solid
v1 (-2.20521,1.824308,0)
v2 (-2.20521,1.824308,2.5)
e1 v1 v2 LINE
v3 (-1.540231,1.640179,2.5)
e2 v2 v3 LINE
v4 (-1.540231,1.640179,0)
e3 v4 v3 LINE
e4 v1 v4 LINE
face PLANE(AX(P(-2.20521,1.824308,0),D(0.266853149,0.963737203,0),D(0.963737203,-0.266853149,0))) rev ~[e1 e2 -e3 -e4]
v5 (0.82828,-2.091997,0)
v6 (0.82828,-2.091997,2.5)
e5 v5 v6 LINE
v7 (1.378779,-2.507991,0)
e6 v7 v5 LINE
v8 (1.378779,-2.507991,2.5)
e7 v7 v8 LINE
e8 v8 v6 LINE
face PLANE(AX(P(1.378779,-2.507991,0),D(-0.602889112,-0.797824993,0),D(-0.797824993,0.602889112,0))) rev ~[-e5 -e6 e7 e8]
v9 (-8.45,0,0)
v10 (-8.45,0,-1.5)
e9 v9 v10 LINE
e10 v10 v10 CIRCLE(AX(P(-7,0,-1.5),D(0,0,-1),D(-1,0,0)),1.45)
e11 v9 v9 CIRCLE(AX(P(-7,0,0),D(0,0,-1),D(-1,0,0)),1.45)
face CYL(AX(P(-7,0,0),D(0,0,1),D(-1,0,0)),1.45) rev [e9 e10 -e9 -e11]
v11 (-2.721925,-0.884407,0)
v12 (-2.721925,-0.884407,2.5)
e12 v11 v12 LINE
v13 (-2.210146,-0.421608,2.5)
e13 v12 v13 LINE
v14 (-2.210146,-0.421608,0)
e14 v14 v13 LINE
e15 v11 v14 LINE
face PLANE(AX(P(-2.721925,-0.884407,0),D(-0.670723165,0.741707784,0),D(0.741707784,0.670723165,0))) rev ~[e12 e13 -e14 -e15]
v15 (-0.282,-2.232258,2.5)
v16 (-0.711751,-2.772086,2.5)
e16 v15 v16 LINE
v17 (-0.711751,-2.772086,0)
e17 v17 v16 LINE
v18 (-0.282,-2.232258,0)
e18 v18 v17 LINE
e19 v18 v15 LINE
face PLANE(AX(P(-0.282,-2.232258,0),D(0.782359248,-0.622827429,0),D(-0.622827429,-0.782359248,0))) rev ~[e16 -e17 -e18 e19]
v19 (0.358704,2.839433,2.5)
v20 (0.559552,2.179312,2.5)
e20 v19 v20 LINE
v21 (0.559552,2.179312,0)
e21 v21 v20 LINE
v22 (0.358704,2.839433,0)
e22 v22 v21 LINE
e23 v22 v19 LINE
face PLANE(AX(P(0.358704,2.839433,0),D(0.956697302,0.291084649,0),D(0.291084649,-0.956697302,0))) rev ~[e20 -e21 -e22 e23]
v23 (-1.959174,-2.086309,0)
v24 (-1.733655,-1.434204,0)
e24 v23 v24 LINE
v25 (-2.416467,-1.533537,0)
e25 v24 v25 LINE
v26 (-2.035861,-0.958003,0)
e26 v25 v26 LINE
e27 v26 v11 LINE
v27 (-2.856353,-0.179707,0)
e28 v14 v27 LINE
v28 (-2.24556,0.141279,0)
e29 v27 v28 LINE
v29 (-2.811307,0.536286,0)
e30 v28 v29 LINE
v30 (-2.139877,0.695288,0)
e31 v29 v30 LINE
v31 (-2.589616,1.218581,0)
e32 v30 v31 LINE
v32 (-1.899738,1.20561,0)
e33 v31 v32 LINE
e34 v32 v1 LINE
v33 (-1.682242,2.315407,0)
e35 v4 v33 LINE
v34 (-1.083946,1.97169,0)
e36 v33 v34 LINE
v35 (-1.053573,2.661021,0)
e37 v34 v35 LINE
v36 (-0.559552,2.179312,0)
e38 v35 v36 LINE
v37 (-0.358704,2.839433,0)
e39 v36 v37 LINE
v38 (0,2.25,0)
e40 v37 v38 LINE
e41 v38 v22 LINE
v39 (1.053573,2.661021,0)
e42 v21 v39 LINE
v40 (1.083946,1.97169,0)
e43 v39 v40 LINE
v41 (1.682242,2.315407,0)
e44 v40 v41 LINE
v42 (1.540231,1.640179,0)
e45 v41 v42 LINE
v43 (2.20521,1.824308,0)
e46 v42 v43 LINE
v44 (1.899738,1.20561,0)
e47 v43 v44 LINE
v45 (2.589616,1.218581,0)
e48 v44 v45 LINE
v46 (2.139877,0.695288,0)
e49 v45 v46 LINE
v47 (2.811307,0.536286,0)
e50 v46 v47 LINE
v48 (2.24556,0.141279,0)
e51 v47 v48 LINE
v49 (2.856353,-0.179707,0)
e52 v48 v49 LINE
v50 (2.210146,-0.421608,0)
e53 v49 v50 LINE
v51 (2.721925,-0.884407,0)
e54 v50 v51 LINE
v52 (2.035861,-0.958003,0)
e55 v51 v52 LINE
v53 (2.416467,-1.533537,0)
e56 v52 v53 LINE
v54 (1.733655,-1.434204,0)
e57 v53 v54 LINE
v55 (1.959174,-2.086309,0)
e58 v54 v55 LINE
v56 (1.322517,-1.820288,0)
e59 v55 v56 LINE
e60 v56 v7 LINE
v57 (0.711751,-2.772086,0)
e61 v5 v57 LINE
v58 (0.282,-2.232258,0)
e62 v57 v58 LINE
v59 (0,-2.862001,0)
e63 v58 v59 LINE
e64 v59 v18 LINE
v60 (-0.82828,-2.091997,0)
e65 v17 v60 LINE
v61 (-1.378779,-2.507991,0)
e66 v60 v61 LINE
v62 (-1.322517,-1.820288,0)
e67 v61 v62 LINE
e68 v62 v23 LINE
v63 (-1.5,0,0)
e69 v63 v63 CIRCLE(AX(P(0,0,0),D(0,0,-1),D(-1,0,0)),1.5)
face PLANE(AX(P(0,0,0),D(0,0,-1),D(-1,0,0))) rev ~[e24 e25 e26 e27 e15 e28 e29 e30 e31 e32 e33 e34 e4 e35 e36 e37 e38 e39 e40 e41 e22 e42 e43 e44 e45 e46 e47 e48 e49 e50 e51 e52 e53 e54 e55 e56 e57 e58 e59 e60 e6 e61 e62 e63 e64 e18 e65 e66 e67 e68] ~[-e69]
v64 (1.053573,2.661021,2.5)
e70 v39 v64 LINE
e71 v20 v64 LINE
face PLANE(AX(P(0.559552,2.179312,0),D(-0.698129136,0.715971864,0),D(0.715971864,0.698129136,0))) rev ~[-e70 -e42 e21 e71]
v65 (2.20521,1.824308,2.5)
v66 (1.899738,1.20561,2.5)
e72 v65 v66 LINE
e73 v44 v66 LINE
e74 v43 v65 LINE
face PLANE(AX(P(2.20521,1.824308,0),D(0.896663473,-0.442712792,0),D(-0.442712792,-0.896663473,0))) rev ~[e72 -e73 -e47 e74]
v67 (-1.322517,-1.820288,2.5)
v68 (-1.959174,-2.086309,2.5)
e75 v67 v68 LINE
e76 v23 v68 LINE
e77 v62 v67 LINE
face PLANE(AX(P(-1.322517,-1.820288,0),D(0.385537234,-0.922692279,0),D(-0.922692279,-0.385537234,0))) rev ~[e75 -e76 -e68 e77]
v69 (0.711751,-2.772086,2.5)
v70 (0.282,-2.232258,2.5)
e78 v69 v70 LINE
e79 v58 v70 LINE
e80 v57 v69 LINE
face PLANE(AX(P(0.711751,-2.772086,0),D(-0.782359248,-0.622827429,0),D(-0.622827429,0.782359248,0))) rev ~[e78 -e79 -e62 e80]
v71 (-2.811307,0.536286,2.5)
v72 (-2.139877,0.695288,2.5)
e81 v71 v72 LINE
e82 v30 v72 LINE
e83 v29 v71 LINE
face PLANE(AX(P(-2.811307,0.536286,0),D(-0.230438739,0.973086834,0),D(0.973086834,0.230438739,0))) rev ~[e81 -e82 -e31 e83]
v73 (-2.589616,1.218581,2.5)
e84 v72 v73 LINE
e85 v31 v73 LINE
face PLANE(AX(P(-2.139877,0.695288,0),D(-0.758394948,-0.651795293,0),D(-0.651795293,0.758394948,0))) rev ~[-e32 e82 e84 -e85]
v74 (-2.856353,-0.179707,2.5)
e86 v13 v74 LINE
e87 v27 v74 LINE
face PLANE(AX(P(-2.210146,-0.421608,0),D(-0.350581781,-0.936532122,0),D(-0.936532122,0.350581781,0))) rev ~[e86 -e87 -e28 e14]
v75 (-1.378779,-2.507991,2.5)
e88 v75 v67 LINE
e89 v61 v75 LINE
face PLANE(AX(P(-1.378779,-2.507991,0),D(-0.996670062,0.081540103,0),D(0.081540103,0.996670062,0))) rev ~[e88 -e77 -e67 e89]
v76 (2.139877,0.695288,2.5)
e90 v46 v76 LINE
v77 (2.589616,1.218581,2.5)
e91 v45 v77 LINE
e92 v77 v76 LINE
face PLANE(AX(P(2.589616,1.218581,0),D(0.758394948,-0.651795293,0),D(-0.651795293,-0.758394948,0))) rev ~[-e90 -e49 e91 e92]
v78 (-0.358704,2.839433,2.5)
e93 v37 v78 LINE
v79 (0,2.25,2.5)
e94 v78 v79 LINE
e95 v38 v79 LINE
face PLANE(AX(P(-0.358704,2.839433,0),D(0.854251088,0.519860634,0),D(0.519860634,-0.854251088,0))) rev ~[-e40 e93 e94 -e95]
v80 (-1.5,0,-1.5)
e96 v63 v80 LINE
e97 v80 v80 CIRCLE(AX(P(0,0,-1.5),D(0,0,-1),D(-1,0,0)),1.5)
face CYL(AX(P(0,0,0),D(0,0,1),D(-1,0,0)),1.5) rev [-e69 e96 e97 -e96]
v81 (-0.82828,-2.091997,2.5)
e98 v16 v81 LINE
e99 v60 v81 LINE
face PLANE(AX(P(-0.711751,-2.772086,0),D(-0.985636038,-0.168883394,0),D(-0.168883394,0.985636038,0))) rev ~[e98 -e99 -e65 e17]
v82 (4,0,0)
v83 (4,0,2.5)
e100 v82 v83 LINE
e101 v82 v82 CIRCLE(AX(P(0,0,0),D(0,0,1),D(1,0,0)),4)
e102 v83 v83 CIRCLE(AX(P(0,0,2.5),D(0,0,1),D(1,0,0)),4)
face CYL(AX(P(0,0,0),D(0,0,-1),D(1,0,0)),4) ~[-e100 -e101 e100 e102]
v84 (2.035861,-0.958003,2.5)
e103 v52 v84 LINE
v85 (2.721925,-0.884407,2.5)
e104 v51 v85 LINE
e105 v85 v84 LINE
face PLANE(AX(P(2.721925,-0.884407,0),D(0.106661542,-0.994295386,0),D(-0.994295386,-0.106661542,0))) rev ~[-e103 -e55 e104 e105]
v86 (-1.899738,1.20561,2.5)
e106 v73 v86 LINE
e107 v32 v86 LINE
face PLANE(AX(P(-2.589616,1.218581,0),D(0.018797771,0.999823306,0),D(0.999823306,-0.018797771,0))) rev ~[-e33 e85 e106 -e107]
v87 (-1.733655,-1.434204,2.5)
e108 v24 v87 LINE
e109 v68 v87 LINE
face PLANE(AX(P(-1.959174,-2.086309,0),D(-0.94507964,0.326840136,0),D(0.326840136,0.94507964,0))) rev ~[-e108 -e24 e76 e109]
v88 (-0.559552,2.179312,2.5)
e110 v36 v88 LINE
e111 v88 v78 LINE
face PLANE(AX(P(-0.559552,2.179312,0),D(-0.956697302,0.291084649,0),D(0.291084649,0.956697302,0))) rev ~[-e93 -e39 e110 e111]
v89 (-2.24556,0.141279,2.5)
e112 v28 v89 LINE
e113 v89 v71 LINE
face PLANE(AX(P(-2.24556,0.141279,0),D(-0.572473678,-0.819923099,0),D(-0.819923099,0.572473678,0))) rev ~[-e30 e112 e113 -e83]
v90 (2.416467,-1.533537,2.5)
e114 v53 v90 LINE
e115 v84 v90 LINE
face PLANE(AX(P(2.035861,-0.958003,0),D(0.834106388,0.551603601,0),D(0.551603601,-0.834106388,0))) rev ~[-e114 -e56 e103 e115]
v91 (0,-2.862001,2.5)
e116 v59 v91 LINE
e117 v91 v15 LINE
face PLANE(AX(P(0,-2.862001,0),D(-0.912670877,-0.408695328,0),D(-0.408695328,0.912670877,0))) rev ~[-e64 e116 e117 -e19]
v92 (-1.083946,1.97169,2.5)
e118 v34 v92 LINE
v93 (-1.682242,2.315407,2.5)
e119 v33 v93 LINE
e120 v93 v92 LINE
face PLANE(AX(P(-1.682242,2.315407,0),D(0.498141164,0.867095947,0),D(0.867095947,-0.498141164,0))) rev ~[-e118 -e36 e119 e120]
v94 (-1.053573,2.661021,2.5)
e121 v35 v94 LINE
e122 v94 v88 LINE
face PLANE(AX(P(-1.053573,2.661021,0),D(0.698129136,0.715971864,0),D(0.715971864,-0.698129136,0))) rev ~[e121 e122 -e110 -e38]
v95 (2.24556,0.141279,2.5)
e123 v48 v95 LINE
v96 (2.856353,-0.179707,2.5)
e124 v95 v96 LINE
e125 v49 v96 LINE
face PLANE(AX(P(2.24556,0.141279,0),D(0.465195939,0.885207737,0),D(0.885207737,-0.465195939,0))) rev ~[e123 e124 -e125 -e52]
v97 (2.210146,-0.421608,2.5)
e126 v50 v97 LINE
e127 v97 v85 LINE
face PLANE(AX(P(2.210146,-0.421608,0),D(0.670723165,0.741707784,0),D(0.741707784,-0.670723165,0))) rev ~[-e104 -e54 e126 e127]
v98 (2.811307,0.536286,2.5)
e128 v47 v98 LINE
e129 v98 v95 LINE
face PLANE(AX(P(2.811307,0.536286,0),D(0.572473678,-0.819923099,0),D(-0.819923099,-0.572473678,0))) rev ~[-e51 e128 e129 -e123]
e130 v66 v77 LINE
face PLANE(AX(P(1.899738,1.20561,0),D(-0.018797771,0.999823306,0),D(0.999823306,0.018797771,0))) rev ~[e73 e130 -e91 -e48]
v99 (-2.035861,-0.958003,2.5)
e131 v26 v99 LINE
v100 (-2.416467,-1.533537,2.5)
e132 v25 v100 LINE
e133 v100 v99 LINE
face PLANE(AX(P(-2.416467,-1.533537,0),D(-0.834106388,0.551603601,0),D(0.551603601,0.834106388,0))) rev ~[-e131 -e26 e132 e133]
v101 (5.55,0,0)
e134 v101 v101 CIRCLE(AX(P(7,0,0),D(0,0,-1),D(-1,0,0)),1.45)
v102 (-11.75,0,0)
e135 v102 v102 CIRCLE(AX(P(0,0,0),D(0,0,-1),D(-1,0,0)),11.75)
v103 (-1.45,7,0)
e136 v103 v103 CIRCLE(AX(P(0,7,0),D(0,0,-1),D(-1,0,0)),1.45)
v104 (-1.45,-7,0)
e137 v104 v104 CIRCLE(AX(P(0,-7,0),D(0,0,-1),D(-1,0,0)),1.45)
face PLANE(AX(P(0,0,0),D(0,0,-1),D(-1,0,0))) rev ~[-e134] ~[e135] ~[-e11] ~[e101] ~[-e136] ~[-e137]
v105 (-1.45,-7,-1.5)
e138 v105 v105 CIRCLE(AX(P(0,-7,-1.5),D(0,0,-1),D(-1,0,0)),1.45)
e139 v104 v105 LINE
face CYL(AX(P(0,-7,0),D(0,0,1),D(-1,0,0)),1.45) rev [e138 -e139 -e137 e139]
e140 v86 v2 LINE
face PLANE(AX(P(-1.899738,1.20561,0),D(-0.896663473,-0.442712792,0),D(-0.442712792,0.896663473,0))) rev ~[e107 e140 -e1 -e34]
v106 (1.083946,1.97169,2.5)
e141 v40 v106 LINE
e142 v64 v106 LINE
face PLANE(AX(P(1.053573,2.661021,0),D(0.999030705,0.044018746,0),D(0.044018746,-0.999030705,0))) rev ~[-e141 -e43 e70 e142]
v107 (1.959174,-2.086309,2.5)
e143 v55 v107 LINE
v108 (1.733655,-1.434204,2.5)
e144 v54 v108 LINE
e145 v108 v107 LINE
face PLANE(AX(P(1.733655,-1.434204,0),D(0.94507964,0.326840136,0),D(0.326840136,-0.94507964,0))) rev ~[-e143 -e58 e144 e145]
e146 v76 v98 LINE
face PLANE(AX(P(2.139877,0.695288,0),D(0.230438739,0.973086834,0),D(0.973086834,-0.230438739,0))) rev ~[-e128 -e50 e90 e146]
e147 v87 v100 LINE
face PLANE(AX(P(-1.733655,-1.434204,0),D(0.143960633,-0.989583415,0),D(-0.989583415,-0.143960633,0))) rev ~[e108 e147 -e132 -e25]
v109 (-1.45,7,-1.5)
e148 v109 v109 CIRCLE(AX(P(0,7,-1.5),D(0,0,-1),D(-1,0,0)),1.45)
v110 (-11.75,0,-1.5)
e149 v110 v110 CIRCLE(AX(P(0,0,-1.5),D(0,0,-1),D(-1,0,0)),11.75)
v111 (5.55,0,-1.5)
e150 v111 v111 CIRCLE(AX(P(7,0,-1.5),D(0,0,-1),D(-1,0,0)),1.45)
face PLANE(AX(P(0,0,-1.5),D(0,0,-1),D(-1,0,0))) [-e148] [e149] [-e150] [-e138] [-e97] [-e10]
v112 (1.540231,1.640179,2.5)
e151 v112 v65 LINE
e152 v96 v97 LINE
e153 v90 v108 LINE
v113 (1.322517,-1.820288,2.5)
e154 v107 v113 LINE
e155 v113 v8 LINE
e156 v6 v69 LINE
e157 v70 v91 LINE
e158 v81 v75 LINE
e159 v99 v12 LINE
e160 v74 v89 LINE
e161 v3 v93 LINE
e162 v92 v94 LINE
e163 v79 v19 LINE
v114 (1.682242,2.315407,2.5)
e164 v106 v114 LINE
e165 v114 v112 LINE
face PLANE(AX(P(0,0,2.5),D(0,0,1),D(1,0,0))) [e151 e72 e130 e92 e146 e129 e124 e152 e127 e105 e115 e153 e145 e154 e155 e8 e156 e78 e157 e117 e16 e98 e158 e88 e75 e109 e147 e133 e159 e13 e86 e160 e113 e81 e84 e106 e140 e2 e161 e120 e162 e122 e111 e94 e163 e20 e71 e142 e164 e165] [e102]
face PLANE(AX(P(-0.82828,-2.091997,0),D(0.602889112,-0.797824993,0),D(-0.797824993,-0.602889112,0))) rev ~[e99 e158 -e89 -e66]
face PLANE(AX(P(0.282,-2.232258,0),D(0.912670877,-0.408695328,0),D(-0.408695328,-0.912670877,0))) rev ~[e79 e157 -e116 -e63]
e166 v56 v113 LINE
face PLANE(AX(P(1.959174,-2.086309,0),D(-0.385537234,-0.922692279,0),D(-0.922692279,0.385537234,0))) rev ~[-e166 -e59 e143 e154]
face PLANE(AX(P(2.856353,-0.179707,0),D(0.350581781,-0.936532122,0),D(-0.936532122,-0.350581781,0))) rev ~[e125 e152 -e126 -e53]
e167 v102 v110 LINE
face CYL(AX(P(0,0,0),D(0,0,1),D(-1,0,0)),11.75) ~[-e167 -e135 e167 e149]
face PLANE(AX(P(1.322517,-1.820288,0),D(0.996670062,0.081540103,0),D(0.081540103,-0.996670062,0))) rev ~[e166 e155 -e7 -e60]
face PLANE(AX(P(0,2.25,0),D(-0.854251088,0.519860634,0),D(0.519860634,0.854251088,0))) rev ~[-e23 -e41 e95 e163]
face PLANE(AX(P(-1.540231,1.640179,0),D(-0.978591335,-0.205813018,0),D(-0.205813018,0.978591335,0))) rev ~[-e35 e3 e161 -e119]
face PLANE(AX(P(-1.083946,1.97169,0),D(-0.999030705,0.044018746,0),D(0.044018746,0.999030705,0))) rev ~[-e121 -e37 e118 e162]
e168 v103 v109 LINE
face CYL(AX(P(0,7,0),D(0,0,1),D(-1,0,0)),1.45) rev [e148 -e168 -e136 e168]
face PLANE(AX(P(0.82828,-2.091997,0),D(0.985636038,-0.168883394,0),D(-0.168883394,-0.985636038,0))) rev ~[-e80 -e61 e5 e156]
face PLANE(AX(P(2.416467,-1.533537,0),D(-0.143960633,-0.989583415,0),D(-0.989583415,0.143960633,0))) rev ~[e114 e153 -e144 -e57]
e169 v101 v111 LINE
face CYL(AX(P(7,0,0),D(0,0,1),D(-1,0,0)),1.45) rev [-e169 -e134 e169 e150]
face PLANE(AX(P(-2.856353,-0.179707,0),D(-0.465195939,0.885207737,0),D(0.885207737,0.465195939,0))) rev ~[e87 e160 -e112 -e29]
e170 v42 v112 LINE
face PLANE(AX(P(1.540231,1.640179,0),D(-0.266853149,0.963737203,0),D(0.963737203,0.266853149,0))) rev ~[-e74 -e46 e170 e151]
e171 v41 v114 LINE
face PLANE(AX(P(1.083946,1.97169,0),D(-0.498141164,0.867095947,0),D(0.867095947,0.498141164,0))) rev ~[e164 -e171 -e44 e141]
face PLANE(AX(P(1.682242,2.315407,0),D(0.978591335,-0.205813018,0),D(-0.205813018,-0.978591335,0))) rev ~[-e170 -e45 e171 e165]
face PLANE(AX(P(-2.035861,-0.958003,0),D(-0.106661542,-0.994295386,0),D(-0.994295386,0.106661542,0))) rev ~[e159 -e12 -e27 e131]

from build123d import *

# Parameters (mm, degrees)
SKETCH_1_R      = 4
EXTRUDE_1_DEPTH = 2.5
SKETCH_2_R      = 11.75
SKETCH_2_R_2    = 1.45
SKETCH_2_R_3    = 1.5
EXTRUDE_2_DEPTH = 1.5


with BuildPart() as part:
    # 草图1 → 凸台-拉伸1 (new body)
    with BuildSketch(Plane.XY):
        Circle(SKETCH_1_R)
        Polygon((0, 2.25), (0.358703838, 2.839433251), (0.559552246, 2.179312113), (1.053572832, 2.661021217), (1.083945767, 1.97169003), (1.68224197, 2.315407433), (1.540230988, 1.640179412), (2.205209658, 1.824308085), (1.899737832, 1.205610289), (2.589615914, 1.218580751), (2.139877162, 0.695288237), (2.811307077, 0.536285507), (2.245560139, 0.141278669), (2.856353478, -0.179706529), (2.210146314, -0.421607958), (2.721924685, -0.884406942), (2.035860868, -0.958003406), (2.416467353, -1.533536814), (1.733654796, -1.434203977), (1.95917449, -2.086308928), (1.322516818, -1.820288237), (1.378779489, -2.50799058), (0.828280244, -2.091997093), (0.711750702, -2.772085959), (0.281999776, -2.232258078), (0, -2.862000983), (-0.281999776, -2.232258078), (-0.711750702, -2.772085959), (-0.828280244, -2.091997093), (-1.378779489, -2.50799058), (-1.322516818, -1.820288237), (-1.95917449, -2.086308928), (-1.733654796, -1.434203977), (-2.416467353, -1.533536814), (-2.035860868, -0.958003406), (-2.721924685, -0.884406942), (-2.210146314, -0.421607958), (-2.856353478, -0.179706529), (-2.245560139, 0.141278669), (-2.811307077, 0.536285507), (-2.139877162, 0.695288237), (-2.589615914, 1.218580751), (-1.899737832, 1.205610289), (-2.205209658, 1.824308085), (-1.540230988, 1.640179412), (-1.68224197, 2.315407433), (-1.083945767, 1.97169003), (-1.053572832, 2.661021217), (-0.559552246, 2.179312113), (-0.358703838, 2.839433251), align=None, mode=Mode.SUBTRACT)
    extrude(amount=EXTRUDE_1_DEPTH)

    # 草图2 → 凸台-拉伸2 (add)
    with BuildSketch(Plane(origin=(0, 0, 0), x_dir=(-1, 0, 0), z_dir=(0, 0, -1))):
        Circle(SKETCH_2_R)
        with Locations((-7, 0)):
            Circle(SKETCH_2_R_2, mode=Mode.SUBTRACT)
        with Locations((0, 7)):
            Circle(SKETCH_2_R_2, mode=Mode.SUBTRACT)
        with Locations((7, 0)):
            Circle(SKETCH_2_R_2, mode=Mode.SUBTRACT)
        with Locations((0, -7)):
            Circle(SKETCH_2_R_2, mode=Mode.SUBTRACT)
        Circle(SKETCH_2_R_3, mode=Mode.SUBTRACT)
    extrude(amount=EXTRUDE_2_DEPTH)


solid = part.part
